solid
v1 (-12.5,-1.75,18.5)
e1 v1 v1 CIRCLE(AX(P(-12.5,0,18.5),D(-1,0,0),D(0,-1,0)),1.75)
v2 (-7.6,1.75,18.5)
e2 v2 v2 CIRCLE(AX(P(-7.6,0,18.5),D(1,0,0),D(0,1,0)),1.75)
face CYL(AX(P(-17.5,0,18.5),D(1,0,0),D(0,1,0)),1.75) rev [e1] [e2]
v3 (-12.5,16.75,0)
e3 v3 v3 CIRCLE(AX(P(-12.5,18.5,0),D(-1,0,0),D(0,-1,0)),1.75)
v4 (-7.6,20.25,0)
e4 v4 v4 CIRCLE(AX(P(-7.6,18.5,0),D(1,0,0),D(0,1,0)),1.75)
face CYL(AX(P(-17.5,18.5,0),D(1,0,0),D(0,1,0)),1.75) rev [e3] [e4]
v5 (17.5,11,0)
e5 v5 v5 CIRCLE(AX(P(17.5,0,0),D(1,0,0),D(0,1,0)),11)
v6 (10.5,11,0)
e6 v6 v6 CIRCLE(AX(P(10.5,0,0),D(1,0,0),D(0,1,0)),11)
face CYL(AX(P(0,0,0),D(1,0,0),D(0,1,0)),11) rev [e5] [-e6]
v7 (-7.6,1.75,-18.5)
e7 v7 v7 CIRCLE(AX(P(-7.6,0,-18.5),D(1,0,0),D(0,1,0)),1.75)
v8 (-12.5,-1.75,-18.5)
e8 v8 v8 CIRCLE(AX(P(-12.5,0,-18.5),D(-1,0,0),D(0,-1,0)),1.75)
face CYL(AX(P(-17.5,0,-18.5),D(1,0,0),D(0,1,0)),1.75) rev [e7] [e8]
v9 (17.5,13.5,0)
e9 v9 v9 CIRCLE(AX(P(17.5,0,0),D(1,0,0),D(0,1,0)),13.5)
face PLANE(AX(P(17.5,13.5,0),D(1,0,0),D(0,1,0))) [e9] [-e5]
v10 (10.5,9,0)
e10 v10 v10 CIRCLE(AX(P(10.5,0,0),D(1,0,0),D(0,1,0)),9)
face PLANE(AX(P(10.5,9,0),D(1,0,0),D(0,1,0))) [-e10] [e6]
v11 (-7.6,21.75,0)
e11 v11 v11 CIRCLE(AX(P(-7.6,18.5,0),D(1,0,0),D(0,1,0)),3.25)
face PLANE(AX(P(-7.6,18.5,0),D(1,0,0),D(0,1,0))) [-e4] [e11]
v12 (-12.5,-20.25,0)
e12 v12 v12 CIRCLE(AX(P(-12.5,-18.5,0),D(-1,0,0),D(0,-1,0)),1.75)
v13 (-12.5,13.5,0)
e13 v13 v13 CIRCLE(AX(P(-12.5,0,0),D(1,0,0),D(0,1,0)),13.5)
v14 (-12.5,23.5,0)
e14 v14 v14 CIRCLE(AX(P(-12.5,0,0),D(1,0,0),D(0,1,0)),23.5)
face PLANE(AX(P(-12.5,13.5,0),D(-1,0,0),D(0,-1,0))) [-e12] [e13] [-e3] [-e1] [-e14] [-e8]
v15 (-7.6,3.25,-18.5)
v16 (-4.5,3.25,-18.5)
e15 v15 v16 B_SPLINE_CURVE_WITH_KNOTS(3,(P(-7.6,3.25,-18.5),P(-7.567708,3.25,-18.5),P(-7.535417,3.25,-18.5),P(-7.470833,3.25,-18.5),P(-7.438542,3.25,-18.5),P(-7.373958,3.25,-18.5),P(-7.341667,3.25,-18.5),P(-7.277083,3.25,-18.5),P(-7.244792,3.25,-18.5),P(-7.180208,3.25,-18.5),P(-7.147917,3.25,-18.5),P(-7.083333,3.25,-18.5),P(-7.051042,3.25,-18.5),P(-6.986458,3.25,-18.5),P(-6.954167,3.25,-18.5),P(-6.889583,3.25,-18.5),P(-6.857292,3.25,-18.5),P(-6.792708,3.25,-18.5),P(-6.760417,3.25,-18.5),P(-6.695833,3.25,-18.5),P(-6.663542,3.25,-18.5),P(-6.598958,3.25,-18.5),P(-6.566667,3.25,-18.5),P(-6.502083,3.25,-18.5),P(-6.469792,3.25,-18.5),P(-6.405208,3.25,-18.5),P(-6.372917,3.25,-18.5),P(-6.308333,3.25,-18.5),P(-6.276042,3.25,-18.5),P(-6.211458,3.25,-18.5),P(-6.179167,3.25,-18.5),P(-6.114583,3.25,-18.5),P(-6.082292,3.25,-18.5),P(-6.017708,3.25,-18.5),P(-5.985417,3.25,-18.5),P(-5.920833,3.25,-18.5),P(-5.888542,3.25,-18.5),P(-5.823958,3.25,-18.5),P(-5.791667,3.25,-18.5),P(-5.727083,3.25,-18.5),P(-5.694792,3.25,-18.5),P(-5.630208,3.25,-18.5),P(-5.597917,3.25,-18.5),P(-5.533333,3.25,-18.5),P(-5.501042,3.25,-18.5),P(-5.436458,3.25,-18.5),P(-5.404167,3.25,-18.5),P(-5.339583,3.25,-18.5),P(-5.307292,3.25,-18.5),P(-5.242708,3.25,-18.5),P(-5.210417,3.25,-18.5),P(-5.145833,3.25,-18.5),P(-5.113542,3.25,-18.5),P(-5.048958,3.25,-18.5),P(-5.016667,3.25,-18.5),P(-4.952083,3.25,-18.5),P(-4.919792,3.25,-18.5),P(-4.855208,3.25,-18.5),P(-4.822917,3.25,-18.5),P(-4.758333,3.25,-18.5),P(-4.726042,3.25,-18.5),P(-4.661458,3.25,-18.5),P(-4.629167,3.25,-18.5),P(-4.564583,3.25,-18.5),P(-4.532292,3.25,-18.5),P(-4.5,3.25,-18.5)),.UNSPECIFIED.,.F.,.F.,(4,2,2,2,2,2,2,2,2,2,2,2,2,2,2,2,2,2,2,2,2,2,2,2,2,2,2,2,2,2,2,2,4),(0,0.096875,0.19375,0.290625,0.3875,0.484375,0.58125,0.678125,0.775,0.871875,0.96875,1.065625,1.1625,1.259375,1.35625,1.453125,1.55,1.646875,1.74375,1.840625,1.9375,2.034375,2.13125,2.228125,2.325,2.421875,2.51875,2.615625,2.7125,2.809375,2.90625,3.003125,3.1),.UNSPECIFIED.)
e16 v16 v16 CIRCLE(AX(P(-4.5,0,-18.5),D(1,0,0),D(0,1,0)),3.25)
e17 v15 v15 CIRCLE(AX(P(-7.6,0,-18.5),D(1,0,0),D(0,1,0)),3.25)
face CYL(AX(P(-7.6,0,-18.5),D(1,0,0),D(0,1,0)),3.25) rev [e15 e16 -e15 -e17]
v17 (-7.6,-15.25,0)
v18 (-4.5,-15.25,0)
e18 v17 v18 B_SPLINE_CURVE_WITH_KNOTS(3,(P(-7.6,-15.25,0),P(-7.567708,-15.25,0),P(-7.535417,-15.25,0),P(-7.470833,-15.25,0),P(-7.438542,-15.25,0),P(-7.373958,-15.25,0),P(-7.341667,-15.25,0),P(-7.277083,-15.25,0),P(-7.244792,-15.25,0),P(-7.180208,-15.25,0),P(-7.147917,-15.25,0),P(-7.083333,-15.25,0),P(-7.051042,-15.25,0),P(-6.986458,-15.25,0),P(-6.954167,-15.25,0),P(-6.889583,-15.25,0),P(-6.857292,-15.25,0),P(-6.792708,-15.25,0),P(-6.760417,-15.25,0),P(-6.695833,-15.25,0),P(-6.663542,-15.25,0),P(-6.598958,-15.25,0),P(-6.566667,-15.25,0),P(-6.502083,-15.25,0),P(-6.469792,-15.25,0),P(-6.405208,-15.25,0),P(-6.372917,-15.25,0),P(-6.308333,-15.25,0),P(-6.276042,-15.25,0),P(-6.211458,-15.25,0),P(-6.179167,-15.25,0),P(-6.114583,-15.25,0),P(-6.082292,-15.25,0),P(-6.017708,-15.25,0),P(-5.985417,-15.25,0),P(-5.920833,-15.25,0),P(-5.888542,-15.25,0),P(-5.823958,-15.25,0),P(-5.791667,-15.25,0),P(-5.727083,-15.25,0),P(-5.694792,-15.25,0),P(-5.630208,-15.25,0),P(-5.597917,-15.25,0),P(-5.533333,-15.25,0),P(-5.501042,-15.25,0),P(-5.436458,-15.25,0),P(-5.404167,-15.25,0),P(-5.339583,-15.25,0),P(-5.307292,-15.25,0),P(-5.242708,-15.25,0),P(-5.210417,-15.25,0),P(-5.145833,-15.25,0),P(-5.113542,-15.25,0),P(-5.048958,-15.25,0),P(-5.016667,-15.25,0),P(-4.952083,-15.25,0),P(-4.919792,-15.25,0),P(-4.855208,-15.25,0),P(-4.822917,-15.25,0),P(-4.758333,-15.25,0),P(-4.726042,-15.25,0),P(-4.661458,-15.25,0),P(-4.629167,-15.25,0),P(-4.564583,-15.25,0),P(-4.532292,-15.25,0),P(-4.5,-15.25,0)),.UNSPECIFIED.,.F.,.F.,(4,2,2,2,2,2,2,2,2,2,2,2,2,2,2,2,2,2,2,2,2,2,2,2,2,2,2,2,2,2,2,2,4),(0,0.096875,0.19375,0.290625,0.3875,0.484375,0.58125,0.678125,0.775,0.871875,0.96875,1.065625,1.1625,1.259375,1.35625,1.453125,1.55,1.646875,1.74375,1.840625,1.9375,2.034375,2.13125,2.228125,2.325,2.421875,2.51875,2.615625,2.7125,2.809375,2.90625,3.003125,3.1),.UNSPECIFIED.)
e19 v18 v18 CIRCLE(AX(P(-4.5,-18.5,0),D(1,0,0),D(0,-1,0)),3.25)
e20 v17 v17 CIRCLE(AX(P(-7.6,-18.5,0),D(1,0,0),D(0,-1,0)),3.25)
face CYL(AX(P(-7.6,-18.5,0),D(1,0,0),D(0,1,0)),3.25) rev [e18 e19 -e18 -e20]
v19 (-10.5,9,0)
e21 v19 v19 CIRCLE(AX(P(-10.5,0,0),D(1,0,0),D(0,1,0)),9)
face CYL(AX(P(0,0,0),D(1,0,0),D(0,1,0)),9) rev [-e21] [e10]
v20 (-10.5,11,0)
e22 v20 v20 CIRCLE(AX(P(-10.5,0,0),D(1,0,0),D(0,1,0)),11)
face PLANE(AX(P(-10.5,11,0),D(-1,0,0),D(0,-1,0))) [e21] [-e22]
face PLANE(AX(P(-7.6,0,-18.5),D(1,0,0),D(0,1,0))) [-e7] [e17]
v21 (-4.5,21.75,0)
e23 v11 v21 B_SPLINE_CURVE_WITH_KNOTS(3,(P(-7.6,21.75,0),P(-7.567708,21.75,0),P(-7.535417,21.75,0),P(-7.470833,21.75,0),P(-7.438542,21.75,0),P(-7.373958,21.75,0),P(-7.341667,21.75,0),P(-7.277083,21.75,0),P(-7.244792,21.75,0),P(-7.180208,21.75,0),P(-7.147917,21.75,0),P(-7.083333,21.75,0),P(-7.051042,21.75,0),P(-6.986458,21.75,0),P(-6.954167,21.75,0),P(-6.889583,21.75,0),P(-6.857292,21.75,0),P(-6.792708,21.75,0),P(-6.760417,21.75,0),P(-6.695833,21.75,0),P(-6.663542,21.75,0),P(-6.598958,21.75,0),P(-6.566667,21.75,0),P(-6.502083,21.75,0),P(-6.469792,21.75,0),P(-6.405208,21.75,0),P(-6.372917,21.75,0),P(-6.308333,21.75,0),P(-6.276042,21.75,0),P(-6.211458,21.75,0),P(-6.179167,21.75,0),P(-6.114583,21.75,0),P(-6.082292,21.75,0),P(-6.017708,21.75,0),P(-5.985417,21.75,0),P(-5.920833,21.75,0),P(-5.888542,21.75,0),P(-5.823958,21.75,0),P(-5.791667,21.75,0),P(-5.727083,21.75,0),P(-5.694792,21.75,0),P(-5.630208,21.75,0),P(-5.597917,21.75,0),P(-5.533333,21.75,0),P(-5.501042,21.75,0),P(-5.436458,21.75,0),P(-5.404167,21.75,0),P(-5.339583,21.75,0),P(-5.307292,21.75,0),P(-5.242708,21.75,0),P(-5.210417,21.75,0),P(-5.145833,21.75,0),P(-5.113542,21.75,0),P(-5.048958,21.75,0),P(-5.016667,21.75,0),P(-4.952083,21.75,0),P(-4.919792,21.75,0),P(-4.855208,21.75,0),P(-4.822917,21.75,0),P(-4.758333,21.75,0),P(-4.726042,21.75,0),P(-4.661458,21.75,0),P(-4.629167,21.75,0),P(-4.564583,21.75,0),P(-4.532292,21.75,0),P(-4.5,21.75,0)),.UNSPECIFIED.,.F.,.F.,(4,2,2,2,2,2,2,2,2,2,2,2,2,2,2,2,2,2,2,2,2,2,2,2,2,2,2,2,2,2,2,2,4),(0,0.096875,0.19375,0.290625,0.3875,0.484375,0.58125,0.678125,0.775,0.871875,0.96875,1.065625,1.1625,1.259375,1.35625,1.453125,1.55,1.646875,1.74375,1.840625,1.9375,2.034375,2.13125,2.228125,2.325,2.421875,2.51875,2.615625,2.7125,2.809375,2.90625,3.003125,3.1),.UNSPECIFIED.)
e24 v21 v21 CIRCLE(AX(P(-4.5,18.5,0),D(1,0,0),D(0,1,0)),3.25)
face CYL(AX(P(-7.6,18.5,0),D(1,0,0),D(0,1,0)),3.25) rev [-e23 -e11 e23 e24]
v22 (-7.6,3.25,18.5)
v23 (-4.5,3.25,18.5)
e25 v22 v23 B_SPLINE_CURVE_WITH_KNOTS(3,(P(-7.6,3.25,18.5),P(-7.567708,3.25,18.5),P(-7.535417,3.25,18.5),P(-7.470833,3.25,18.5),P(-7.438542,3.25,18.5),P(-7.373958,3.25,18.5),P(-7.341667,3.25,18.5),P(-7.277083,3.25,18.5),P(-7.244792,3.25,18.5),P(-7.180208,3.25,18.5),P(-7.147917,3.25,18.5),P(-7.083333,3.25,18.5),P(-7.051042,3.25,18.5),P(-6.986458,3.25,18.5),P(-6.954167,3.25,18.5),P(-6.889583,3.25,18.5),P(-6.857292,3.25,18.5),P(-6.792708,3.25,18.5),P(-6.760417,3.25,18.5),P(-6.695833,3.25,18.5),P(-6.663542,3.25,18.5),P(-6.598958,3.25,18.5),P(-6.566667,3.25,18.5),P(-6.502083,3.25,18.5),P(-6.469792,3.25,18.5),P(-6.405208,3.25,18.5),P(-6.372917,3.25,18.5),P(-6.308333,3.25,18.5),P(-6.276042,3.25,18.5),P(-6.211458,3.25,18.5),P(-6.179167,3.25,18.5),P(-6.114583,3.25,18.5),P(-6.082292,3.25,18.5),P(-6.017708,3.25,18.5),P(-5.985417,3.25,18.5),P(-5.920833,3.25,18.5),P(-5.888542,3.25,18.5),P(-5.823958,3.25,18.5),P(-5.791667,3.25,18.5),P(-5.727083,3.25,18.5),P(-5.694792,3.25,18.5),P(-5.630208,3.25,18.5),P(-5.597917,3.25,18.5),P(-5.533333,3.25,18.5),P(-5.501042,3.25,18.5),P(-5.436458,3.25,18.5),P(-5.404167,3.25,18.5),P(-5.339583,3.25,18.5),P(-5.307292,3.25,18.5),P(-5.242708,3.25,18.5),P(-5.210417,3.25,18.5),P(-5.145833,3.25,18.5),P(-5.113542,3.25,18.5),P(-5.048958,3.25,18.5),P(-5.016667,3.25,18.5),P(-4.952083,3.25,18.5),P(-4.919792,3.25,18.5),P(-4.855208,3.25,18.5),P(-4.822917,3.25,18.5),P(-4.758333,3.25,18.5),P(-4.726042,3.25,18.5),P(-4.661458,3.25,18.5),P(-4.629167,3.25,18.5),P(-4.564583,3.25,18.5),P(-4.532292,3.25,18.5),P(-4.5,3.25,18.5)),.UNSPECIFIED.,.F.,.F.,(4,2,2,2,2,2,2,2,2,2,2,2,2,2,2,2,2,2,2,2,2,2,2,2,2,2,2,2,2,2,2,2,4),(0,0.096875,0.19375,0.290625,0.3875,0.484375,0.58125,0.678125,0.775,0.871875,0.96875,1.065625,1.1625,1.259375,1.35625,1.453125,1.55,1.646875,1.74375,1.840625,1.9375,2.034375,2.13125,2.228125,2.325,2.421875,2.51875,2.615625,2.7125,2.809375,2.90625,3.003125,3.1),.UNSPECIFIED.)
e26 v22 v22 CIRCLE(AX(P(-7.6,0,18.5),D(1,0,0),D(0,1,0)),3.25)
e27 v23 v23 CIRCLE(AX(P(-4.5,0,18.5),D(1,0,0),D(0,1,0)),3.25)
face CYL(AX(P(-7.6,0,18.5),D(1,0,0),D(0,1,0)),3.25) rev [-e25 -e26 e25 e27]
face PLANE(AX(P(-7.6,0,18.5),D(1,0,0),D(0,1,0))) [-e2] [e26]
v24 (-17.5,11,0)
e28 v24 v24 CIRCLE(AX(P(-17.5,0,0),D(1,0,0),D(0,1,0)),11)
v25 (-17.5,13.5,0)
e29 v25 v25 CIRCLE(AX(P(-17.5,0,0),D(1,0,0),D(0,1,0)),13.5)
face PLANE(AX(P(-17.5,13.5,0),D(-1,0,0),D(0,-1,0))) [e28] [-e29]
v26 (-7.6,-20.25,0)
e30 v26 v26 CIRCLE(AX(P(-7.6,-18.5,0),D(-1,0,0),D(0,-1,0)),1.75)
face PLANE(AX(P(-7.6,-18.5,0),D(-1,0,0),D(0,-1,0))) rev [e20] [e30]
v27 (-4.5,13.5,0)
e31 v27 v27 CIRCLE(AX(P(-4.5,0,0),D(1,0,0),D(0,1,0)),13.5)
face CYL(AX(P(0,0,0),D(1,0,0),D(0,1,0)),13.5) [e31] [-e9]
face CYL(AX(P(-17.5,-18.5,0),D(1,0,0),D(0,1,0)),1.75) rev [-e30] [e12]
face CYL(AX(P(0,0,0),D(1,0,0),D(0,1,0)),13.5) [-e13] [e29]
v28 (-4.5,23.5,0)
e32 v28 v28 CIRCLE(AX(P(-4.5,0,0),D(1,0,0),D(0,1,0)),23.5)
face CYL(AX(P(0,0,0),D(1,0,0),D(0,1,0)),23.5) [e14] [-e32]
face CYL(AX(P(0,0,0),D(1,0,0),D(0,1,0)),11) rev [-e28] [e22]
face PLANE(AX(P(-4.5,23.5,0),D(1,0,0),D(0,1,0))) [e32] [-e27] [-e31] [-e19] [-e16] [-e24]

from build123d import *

# Parameters (mm, degrees)
SKETCH_2_R          = 3.25
CUT_EXTRUDE_1_DEPTH = 3.1
SKETCH_3_R          = 1.75
CUT_EXTRUDE_2_DEPTH = 40.855990767


with BuildPart() as part:
    # 草图1 → 旋转1 (revolve)
    with BuildSketch(Plane.XY):
        Polygon((-17.5, 13.5), (-17.5, 11), (-10.5, 11), (-10.5, 9), (10.5, 9), (10.5, 11), (17.5, 11), (17.5, 13.5), (-4.5, 13.5), (-4.5, 23.5), (-12.5, 23.5), (-12.5, 13.5), align=None)
    revolve(axis=Axis((0, 0, 0), (-1, 0, 0)))

    # 草图2 → 切除-拉伸1 (cut)
    with BuildSketch(Plane(origin=(-4.5, 0, 0), x_dir=(0, 0, -1), z_dir=(1, 0, 0))):
        with Locations(Location((0, 18.5, 0), (0, 0, 90))):
            Circle(SKETCH_2_R)
        with Locations(Location((0, -18.5, 0), (0, 0, 90))):
            Circle(SKETCH_2_R)
        with Locations(Location((18.5, 0, 0), (0, 0, 90))):
            Circle(SKETCH_2_R)
        with Locations(Location((-18.5, 0, 0), (0, 0, 90))):
            Circle(SKETCH_2_R)
    extrude(amount=-CUT_EXTRUDE_1_DEPTH, mode=Mode.SUBTRACT)

    # 草图3 → 切除-拉伸2 (cut, through all)
    with BuildSketch(Plane(origin=(-4.5, 0, 0), x_dir=(0, 0, -1), z_dir=(1, 0, 0))):
        with Locations(Location((0, 18.5, 0), (0, 0, 90))):
            Circle(SKETCH_3_R)
        with Locations(Location((18.5, 0, 0), (0, 0, 90))):
            Circle(SKETCH_3_R)
        with Locations(Location((0, -18.5, 0), (0, 0, 270))):
            Circle(SKETCH_3_R)
        with Locations(Location((-18.5, 0, 0), (0, 0, 90))):
            Circle(SKETCH_3_R)
    extrude(amount=-CUT_EXTRUDE_2_DEPTH, mode=Mode.SUBTRACT)


solid = part.part
